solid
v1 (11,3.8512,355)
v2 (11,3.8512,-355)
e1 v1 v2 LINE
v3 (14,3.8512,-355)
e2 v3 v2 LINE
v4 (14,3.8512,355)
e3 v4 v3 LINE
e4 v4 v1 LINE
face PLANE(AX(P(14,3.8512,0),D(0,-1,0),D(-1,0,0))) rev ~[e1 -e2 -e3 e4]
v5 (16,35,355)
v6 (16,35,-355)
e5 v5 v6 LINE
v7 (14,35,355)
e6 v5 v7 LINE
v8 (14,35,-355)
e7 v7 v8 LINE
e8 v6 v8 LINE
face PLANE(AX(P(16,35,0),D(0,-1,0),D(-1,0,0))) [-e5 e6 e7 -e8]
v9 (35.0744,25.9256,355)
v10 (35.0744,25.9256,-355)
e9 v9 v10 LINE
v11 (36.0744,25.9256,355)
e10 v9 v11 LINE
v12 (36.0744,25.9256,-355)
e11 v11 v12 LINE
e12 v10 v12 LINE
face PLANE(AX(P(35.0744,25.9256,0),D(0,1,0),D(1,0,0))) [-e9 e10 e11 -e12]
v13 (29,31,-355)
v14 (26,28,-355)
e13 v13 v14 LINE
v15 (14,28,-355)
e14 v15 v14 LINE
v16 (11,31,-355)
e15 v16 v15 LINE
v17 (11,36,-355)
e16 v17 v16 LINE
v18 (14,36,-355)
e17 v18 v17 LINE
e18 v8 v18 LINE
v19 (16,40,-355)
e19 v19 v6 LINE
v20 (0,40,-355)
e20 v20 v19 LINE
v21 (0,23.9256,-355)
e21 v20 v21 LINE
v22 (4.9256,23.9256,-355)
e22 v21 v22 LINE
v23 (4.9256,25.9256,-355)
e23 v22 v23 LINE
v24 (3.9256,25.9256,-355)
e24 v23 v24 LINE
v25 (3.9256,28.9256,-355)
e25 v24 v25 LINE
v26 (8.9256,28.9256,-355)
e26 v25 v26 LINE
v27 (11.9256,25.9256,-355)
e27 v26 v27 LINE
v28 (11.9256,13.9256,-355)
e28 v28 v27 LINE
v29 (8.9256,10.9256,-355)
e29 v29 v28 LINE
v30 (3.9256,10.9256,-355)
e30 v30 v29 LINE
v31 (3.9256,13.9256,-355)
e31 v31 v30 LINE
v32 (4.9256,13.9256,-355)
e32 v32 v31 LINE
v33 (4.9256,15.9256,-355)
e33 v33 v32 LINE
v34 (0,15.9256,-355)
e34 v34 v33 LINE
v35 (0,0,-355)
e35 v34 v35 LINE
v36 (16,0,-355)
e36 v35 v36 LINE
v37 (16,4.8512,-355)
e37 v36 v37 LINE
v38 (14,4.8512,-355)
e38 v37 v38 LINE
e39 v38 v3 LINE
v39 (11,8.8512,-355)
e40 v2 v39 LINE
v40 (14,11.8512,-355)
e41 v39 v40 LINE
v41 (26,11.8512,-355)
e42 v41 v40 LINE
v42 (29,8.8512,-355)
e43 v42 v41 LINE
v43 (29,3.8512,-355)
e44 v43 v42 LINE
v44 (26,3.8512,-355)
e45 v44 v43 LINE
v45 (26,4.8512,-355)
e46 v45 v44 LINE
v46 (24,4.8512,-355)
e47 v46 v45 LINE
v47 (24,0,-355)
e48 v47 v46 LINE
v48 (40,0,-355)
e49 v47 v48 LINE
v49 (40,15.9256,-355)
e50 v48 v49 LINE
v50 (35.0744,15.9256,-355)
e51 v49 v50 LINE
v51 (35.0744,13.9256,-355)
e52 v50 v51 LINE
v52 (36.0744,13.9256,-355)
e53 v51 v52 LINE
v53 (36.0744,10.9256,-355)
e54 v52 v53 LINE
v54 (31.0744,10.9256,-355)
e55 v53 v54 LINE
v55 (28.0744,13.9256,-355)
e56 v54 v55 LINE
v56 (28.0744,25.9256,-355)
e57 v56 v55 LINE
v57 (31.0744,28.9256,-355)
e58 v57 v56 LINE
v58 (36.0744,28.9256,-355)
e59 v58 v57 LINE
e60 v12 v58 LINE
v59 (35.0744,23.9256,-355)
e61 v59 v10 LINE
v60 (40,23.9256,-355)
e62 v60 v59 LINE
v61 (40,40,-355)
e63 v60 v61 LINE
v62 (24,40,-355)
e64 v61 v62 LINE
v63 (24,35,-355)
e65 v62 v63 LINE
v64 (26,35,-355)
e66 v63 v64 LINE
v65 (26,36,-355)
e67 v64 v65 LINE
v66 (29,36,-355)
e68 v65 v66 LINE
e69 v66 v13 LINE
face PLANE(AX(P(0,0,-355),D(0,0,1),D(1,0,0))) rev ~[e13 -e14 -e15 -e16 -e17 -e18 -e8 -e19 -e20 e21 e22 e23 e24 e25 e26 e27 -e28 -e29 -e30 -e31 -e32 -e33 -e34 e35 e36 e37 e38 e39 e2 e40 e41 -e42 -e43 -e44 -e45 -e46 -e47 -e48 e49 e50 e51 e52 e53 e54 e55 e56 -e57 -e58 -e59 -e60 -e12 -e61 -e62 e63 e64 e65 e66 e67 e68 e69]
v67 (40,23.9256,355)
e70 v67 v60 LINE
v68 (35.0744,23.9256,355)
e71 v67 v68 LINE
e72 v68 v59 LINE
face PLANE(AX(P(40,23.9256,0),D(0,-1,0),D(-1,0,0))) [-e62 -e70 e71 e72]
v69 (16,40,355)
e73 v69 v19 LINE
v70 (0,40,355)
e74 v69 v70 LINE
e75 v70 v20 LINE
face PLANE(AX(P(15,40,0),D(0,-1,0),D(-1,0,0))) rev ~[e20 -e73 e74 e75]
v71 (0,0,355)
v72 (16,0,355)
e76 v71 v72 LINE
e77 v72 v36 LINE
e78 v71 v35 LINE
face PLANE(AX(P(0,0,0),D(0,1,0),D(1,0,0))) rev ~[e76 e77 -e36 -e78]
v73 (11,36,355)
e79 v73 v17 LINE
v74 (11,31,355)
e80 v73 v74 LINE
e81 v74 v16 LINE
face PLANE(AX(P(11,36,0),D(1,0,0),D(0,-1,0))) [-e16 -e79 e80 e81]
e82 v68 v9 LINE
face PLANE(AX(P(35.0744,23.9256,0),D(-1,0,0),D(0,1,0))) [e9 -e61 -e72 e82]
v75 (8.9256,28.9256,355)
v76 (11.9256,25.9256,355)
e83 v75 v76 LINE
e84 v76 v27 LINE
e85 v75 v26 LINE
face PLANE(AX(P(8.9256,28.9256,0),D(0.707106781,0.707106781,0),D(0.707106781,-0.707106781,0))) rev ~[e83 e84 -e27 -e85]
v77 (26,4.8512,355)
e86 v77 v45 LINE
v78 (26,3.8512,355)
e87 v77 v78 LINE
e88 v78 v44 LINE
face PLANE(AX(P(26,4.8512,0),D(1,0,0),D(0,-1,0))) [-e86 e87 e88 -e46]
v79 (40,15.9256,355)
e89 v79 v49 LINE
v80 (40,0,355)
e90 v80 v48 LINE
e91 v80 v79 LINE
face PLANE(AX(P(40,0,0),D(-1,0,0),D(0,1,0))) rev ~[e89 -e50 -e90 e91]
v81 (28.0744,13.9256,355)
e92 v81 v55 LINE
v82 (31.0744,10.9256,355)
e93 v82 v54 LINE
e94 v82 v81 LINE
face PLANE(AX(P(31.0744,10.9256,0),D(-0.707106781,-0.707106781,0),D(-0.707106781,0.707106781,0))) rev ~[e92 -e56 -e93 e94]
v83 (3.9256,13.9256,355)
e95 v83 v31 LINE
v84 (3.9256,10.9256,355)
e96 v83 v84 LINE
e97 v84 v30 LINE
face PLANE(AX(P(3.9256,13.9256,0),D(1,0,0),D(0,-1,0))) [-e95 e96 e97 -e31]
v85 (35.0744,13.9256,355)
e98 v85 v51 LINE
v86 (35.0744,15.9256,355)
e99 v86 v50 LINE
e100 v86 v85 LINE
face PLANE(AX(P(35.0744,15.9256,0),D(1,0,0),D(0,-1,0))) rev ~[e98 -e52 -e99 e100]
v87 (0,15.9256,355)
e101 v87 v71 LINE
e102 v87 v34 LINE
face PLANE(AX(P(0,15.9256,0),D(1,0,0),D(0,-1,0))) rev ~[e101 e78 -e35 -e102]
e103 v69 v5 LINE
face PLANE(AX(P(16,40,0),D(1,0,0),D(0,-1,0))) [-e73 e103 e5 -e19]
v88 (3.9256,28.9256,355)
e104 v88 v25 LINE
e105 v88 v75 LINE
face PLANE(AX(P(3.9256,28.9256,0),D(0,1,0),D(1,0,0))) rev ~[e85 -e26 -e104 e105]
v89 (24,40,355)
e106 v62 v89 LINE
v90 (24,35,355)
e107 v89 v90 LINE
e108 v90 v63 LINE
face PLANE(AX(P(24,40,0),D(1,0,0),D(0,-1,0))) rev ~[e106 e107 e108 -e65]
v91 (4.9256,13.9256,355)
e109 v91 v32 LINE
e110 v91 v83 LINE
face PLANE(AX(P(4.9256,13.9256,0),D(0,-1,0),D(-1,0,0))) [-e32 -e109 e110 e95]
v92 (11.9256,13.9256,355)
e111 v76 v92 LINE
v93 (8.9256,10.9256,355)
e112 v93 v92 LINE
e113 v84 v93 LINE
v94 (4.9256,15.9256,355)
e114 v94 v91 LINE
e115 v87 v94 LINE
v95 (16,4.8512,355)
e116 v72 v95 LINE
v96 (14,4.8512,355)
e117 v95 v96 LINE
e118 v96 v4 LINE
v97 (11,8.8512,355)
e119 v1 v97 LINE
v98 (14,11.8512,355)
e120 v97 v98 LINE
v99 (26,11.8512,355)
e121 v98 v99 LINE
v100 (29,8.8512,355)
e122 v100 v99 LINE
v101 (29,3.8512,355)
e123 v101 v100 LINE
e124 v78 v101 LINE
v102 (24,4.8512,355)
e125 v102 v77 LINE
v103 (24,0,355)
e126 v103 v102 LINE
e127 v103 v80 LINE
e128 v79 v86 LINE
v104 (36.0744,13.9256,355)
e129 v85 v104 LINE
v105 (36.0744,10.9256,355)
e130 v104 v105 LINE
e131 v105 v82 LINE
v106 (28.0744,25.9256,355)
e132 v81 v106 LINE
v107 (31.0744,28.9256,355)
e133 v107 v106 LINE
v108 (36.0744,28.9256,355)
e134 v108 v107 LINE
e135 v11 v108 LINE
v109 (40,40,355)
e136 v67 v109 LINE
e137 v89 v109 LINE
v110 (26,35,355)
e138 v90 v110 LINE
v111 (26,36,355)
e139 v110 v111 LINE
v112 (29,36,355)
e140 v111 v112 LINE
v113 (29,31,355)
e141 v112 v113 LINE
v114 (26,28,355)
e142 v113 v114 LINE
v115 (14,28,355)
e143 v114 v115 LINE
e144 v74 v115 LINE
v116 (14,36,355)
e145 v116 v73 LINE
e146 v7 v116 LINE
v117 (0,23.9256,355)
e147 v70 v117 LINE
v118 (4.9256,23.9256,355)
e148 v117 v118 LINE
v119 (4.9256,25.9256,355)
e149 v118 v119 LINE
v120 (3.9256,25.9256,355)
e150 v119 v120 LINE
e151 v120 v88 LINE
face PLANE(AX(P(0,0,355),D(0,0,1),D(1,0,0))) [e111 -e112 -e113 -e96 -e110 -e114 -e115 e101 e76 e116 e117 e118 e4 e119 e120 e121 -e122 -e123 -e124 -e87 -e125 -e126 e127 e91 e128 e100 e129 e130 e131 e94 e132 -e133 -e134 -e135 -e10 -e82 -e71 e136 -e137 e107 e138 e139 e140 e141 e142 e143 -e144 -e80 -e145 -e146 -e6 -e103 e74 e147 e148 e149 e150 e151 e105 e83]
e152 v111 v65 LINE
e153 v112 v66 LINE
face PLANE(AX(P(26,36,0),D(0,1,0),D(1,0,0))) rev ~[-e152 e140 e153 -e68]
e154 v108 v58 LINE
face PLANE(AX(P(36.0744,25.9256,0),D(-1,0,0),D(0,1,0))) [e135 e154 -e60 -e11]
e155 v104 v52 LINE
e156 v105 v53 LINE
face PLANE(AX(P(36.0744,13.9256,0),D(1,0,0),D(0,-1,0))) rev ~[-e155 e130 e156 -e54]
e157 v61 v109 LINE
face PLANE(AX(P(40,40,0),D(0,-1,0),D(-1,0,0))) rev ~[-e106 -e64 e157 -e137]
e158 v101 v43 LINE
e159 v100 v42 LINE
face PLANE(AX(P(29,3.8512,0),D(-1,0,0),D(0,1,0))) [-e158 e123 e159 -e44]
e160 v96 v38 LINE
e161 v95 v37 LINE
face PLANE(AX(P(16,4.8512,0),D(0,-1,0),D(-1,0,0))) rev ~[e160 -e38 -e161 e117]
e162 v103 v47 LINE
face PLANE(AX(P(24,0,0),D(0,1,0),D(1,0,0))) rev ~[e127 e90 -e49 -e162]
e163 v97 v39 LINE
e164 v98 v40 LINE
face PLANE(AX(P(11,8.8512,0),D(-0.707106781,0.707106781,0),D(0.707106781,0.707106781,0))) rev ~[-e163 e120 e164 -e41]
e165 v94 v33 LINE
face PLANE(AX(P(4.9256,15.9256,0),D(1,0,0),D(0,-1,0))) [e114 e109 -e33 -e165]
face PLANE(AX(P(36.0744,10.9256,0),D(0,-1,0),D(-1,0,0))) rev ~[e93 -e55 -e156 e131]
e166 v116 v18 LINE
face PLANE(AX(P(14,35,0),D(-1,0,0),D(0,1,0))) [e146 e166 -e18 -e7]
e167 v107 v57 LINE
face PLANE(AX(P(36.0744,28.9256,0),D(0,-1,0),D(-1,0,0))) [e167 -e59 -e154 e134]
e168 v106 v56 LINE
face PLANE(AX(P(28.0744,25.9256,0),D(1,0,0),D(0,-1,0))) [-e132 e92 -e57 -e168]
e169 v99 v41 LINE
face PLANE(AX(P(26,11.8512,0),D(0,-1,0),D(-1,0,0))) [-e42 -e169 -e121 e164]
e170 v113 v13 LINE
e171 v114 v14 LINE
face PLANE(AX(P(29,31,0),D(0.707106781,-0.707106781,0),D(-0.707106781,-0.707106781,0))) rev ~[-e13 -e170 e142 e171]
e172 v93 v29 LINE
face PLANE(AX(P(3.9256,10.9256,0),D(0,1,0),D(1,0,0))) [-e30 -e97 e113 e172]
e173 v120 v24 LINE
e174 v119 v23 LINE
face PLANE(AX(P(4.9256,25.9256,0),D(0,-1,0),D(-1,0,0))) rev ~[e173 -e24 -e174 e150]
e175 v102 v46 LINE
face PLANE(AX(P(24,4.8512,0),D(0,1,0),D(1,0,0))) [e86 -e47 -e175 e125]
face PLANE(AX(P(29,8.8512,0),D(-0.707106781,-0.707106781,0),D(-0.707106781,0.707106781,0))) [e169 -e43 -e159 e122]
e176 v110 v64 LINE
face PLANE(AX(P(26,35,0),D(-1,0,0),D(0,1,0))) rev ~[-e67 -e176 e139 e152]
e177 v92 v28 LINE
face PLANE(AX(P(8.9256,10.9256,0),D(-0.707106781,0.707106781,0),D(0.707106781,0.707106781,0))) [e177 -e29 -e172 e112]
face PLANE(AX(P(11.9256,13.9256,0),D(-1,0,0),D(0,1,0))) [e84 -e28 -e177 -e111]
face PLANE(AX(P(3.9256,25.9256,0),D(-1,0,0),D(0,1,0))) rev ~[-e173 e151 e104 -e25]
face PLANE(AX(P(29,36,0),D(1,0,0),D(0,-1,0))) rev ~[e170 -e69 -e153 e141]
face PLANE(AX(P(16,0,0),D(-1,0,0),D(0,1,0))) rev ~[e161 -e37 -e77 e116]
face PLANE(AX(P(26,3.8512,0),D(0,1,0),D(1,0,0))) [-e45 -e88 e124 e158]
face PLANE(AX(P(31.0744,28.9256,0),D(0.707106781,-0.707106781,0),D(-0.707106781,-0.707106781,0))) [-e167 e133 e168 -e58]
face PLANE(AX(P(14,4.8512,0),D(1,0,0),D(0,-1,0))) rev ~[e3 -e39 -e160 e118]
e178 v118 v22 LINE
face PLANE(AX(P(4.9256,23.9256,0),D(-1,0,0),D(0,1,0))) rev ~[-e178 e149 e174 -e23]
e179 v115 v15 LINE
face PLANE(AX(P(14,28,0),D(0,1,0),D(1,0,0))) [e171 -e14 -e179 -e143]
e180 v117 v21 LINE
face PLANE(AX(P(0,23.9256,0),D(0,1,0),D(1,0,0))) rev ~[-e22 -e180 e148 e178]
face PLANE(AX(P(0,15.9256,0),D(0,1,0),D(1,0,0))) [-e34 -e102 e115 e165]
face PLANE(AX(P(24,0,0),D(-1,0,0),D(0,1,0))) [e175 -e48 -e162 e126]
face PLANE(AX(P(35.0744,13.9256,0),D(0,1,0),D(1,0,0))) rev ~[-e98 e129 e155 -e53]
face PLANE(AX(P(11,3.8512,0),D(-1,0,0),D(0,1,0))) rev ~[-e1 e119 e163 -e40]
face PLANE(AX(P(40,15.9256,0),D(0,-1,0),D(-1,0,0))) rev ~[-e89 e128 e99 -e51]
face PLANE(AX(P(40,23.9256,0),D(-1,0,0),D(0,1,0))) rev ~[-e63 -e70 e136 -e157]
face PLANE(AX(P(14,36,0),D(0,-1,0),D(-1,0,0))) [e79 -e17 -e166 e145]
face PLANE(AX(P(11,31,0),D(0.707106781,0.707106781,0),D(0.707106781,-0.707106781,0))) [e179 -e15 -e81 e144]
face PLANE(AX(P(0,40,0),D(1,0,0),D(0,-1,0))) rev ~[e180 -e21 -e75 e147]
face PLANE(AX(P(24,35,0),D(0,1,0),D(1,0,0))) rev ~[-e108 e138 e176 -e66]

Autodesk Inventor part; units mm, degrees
ref_plane "YZ Plane" through (0, 0, 0) normal (1, 0, 0) x (0, 1, 0)
ref_plane "XZ Plane" through (0, 0, 0) normal (0, 1, 0) x (-1, 0, 0)
ref_plane "XY Plane" through (0, 0, 0) normal (0, 0, 1) x (1, 0, 0)
sketch "스케치1" plane through (0, 0, 0) normal (0, 0, 1) x (1, 0, 0)
  line L0 (40, 40) -> (25, 40)
  line L1 (15, 40) -> (0, 40)
  line L2 (16, 40) -> (16, 35)
  line L3 (16, 35) -> (14, 35)
  line L4 (14, 35) -> (14, 36)
  line L5 (14, 36) -> (11, 36)
  line L6 (11, 36) -> (11, 31)
  line L7 (11, 31) -> (14, 28)
  line L8 (11, 31) -> (20.81, 31) construction
  line L9 (14, 28) -> (20, 28)
  line L10 (24, 40) -> (24, 35)
  line L11 (24, 35) -> (26, 35)
  line L12 (26, 35) -> (26, 36)
  line L13 (26, 36) -> (29, 36)
  line L14 (29, 36) -> (29, 31)
  line L15 (29, 31) -> (26, 28)
  line L16 (29, 31) -> (19.19, 31) construction
  line L17 (26, 28) -> (20, 28)
  line L18 (-0.0744, 15.9256) -> (4.9256, 15.9256)
  line L19 (-0.0744, 23.9256) -> (4.9256, 23.9256)
  line L20 (4.9256, 23.9256) -> (4.9256, 25.9256)
  line L21 (11.9256, 25.9256) -> (11.9256, 19.9256)
  line L22 (8.9256, 28.9256) -> (8.9256, 19.1155) construction
  line L23 (8.9256, 28.9256) -> (11.9256, 25.9256)
  line L24 (3.9256, 28.9256) -> (8.9256, 28.9256)
  line L25 (3.9256, 25.9256) -> (3.9256, 28.9256)
  line L26 (4.9256, 25.9256) -> (3.9256, 25.9256)
  line L27 (4.9256, 15.9256) -> (4.9256, 13.9256)
  line L28 (11.9256, 13.9256) -> (11.9256, 19.9256)
  line L29 (4.9256, 13.9256) -> (3.9256, 13.9256)
  line L30 (8.9256, 10.9256) -> (11.9256, 13.9256)
  line L31 (8.9256, 10.9256) -> (8.9256, 20.7356) construction
  line L32 (3.9256, 13.9256) -> (3.9256, 10.9256)
  line L33 (3.9256, 10.9256) -> (8.9256, 10.9256)
  line L34 (24, -0.1488) -> (24, 4.8512)
  line L35 (16, -0.1488) -> (16, 4.8512)
  line L36 (16, 4.8512) -> (14, 4.8512)
  line L37 (14, 11.8512) -> (20, 11.8512)
  line L38 (11, 8.8512) -> (20.81, 8.8512) construction
  line L39 (11, 8.8512) -> (14, 11.8512)
  line L40 (11, 3.8512) -> (11, 8.8512)
  line L41 (14, 3.8512) -> (11, 3.8512)
  line L42 (14, 4.8512) -> (14, 3.8512)
  line L43 (24, 4.8512) -> (26, 4.8512)
  line L44 (26, 11.8512) -> (20, 11.8512)
  line L45 (26, 4.8512) -> (26, 3.8512)
  line L46 (29, 8.8512) -> (26, 11.8512)
  line L47 (29, 8.8512) -> (19.19, 8.8512) construction
  line L48 (26, 3.8512) -> (29, 3.8512)
  line L49 (29, 3.8512) -> (29, 8.8512)
  line L50 (40.0744, 23.9256) -> (35.0744, 23.9256)
  line L51 (40.0744, 15.9256) -> (35.0744, 15.9256)
  line L52 (35.0744, 15.9256) -> (35.0744, 13.9256)
  line L53 (28.0744, 13.9256) -> (28.0744, 19.9256)
  line L54 (31.0744, 10.9256) -> (31.0744, 20.7356) construction
  line L55 (31.0744, 10.9256) -> (28.0744, 13.9256)
  line L56 (36.0744, 10.9256) -> (31.0744, 10.9256)
  line L57 (36.0744, 13.9256) -> (36.0744, 10.9256)
  line L58 (35.0744, 13.9256) -> (36.0744, 13.9256)
  line L59 (35.0744, 23.9256) -> (35.0744, 25.9256)
  line L60 (28.0744, 25.9256) -> (28.0744, 19.9256)
  line L61 (35.0744, 25.9256) -> (36.0744, 25.9256)
  line L62 (31.0744, 28.9256) -> (28.0744, 25.9256)
  line L63 (31.0744, 28.9256) -> (31.0744, 19.1155) construction
  line L64 (36.0744, 25.9256) -> (36.0744, 28.9256)
  line L65 (36.0744, 28.9256) -> (31.0744, 28.9256)
  line L66 (11, 20) -> (11.9256, 20)
  line L67 (28.0744, 20) -> (29, 20)
  line L68 (20, 3.8512) -> (20, 4.8512)
  line L69 (20, 35) -> (20, 36)
  line L70 (15, 40) -> (16, 40)
  line L71 (24, 40) -> (25, 40)
  line L72 (0, 40) -> (0, 23.9256)
  line L73 (0, 15.9256) -> (0, 0)
  line L74 (40, 0) -> (40, 15.9256)
  line L75 (40, 23.9256) -> (40, 40)
  line L76 (0, 0) -> (16, 0)
  line L77 (24, 0) -> (40, 0)
  point P0 (25, 38)
  point P1 (20, 19.9256)
  point P2 (15, 35)
  point P3 (25, 35)
  point P4 (4.9256, 24.9256)
  point P5 (4.9256, 14.9256)
  point P6 (15, 4.8512)
  point P7 (25, 4.8512)
  point P8 (35.0744, 14.9256)
  point P9 (35.0744, 24.9256)
  dimension "d0" = 40
  dimension "d1" = 40
  dimension "d14" = 2
  dimension "d15" = 5
  dimension "d16" = 1
  dimension "d17" = 3
  dimension "d18" = 5
  dimension "d19" = 45
  dimension "d21" = 7
  dimension "d24" = 360
extrude "돌출1" add sketch "스케치1" along normal mid plane 710
properties part number "71" material "철, 회색"
